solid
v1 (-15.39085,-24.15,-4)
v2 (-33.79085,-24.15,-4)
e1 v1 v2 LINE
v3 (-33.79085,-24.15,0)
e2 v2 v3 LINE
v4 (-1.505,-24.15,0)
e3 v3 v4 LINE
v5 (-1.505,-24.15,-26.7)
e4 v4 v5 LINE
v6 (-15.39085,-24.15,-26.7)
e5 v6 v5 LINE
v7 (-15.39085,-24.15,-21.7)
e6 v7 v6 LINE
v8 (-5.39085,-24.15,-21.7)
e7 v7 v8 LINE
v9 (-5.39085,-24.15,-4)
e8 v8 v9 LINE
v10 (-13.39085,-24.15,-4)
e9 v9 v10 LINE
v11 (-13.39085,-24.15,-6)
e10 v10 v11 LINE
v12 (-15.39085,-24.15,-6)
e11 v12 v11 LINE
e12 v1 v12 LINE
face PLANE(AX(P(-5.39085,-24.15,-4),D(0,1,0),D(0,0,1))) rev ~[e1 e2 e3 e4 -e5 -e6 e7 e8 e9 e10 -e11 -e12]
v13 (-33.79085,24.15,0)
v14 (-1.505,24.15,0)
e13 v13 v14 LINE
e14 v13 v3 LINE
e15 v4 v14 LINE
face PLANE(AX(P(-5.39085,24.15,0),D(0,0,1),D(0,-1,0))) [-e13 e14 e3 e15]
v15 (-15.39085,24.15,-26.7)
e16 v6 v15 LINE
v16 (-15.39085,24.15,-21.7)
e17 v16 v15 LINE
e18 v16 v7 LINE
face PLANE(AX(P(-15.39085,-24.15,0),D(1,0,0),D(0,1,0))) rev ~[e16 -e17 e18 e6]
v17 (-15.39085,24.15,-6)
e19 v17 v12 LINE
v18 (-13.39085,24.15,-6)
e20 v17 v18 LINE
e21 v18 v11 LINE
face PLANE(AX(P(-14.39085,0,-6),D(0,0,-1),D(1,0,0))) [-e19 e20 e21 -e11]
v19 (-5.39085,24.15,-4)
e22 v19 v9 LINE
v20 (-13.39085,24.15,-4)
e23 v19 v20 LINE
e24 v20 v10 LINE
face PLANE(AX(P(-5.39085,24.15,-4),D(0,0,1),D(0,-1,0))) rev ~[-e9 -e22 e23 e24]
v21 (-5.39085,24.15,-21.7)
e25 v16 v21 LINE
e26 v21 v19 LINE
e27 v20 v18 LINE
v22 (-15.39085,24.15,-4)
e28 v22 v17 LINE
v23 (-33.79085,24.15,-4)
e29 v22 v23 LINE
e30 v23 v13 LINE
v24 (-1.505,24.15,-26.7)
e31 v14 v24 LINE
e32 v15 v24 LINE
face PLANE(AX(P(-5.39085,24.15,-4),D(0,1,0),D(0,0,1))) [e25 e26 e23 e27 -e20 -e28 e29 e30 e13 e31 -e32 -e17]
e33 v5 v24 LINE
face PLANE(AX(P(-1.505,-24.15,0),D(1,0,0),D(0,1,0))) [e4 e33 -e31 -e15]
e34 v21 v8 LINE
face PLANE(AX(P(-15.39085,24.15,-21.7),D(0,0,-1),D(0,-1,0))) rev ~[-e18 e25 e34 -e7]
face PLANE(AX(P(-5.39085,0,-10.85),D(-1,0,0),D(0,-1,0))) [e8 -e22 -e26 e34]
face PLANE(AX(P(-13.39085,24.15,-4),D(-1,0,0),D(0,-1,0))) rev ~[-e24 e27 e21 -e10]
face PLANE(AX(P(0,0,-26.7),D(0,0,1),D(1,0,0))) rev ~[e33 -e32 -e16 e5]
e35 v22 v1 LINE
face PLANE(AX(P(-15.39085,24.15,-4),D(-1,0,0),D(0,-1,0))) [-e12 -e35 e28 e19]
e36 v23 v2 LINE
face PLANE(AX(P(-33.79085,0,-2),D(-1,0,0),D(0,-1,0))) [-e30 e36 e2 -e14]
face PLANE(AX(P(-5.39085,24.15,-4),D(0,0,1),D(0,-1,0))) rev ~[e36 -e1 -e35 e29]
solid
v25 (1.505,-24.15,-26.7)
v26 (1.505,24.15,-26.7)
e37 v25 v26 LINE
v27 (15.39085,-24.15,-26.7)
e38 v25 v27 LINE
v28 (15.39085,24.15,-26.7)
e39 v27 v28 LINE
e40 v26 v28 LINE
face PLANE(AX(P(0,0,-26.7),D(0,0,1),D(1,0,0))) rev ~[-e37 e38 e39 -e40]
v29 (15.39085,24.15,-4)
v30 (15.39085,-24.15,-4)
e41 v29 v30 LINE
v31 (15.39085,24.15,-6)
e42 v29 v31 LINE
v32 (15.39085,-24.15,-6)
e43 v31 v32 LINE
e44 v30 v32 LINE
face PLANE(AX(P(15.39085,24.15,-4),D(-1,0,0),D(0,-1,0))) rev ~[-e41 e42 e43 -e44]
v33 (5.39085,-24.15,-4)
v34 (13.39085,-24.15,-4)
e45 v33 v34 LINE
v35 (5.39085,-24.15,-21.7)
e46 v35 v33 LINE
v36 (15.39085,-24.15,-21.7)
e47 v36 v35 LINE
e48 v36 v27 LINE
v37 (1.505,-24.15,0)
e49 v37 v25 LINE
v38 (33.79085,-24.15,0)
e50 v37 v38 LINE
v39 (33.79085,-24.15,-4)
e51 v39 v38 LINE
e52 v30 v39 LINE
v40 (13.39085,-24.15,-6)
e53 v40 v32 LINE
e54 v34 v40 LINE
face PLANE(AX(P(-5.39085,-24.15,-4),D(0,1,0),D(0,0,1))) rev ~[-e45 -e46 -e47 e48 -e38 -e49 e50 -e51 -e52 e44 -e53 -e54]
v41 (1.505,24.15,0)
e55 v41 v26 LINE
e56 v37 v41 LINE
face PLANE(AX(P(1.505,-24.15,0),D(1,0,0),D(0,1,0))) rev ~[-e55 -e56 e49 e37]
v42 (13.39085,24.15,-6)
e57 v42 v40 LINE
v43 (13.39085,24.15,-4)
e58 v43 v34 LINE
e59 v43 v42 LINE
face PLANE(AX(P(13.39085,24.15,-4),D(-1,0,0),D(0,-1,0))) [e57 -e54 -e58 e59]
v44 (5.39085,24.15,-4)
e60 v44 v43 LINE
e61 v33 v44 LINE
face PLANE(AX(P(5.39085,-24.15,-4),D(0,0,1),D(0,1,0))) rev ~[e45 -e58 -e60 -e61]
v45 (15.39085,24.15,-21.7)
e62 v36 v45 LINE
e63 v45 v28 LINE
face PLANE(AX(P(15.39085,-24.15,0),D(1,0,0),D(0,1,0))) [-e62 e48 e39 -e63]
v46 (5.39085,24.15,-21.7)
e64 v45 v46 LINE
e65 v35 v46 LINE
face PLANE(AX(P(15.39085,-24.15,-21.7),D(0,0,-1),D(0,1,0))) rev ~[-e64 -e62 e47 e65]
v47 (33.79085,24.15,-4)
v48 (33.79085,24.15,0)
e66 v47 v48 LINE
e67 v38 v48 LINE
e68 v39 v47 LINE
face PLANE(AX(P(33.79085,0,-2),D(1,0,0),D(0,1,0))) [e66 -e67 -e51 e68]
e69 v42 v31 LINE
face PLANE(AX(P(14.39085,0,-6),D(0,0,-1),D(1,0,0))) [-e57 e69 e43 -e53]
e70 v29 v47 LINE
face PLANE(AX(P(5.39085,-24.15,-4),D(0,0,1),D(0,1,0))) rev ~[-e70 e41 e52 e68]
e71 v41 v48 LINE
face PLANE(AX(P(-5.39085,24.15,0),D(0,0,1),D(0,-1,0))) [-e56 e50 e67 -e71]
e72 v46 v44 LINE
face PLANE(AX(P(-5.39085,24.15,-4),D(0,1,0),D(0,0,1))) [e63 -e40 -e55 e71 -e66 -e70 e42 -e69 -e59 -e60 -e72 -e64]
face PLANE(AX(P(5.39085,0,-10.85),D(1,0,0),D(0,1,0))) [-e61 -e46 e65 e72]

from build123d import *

# Parameters (mm, degrees)
F0_W      = 30.7817
F0_H      = 48.3
F1_DEPTH  = 26.7
F2_W      = 48.3
F2_H      = 21.7
F4_DEPTH  = 10
F3_W      = 48.3
F3_H      = 21.7
F5_DEPTH  = 10
F7_W      = 48.3
F7_H      = 4
F8_DEPTH  = 28.4
F6_W      = 48.3
F6_H      = 4
F9_DEPTH  = 28.4
F10_W     = 2
F10_H     = 48.3
F11_DEPTH = 2
F12_W     = 2
F12_H     = 48.3
F13_DEPTH = 2
F14_W     = 0.01
F14_H     = 48.3
F15_DEPTH = 26.7
F16_DEPTH = 1.5
F17_DEPTH = 1.5


with BuildPart() as f1:
    # F0 (on Top) → F1 (new body)
    with BuildSketch(Plane.XY):
        Rectangle(F0_W, F0_H)
    extrude(amount=-F1_DEPTH)

    # F2 (on face) → F4 (cut)
    with BuildSketch(Plane.YZ.offset(15.39085)):
        with Locations((0, -10.85)):
            Rectangle(F2_W, F2_H)
    extrude(amount=-F4_DEPTH, mode=Mode.SUBTRACT)

    # F3 (on face) → F5 (cut)
    with BuildSketch(Plane(origin=(-15.39085, 0, 0), x_dir=(0, -1, 0), z_dir=(-1, 0, 0))):
        with Locations((0, -10.85)):
            Rectangle(F3_W, F3_H)
    extrude(amount=-F5_DEPTH, mode=Mode.SUBTRACT)

    # F7 (on face) → F8 (join)
    with BuildSketch(Plane.YZ.offset(5.39085)):
        with Locations((0, -2)):
            Rectangle(F7_W, F7_H)
    extrude(amount=F8_DEPTH)

    # F6 (on face) → F9 (join)
    with BuildSketch(Plane(origin=(-5.39085, 0, 0), x_dir=(0, -1, 0), z_dir=(-1, 0, 0))):
        with Locations((0, -2)):
            Rectangle(F6_W, F6_H)
    extrude(amount=F9_DEPTH)

    # F10 (on face) → F11 (join)
    with BuildSketch(Plane(origin=(0, 0, -4), x_dir=(1, 0, 0), z_dir=(0, 0, -1))):
        with Locations((14.39085, 0)):
            Rectangle(F10_W, F10_H)
    extrude(amount=F11_DEPTH)

    # F12 (on face) → F13 (join)
    with BuildSketch(Plane(origin=(0, 0, -4), x_dir=(1, 0, 0), z_dir=(0, 0, -1))):
        with Locations((-14.39085, 0)):
            Rectangle(F12_W, F12_H)
    extrude(amount=F13_DEPTH)

    # F14 (on face) → F15 (cut, through all)
    with BuildSketch(Plane.XY):
        Rectangle(F14_W, F14_H)
    extrude(amount=-F15_DEPTH, mode=Mode.SUBTRACT)

    # F16 (cut): a face of the model
    f16_faces = [f1.faces().sort_by_distance(p)[0] for p in [
        (0.005, 0, -13.35),
    ]]
    extrude(f16_faces, amount=-F16_DEPTH, mode=Mode.SUBTRACT)

    # F17 (cut): a face of the model
    f17_faces = [f1.faces().sort_by_distance(p)[0] for p in [
        (-0.005, 0, -13.35),
    ]]
    extrude(f17_faces, amount=-F17_DEPTH, mode=Mode.SUBTRACT)


solid = f1.part
